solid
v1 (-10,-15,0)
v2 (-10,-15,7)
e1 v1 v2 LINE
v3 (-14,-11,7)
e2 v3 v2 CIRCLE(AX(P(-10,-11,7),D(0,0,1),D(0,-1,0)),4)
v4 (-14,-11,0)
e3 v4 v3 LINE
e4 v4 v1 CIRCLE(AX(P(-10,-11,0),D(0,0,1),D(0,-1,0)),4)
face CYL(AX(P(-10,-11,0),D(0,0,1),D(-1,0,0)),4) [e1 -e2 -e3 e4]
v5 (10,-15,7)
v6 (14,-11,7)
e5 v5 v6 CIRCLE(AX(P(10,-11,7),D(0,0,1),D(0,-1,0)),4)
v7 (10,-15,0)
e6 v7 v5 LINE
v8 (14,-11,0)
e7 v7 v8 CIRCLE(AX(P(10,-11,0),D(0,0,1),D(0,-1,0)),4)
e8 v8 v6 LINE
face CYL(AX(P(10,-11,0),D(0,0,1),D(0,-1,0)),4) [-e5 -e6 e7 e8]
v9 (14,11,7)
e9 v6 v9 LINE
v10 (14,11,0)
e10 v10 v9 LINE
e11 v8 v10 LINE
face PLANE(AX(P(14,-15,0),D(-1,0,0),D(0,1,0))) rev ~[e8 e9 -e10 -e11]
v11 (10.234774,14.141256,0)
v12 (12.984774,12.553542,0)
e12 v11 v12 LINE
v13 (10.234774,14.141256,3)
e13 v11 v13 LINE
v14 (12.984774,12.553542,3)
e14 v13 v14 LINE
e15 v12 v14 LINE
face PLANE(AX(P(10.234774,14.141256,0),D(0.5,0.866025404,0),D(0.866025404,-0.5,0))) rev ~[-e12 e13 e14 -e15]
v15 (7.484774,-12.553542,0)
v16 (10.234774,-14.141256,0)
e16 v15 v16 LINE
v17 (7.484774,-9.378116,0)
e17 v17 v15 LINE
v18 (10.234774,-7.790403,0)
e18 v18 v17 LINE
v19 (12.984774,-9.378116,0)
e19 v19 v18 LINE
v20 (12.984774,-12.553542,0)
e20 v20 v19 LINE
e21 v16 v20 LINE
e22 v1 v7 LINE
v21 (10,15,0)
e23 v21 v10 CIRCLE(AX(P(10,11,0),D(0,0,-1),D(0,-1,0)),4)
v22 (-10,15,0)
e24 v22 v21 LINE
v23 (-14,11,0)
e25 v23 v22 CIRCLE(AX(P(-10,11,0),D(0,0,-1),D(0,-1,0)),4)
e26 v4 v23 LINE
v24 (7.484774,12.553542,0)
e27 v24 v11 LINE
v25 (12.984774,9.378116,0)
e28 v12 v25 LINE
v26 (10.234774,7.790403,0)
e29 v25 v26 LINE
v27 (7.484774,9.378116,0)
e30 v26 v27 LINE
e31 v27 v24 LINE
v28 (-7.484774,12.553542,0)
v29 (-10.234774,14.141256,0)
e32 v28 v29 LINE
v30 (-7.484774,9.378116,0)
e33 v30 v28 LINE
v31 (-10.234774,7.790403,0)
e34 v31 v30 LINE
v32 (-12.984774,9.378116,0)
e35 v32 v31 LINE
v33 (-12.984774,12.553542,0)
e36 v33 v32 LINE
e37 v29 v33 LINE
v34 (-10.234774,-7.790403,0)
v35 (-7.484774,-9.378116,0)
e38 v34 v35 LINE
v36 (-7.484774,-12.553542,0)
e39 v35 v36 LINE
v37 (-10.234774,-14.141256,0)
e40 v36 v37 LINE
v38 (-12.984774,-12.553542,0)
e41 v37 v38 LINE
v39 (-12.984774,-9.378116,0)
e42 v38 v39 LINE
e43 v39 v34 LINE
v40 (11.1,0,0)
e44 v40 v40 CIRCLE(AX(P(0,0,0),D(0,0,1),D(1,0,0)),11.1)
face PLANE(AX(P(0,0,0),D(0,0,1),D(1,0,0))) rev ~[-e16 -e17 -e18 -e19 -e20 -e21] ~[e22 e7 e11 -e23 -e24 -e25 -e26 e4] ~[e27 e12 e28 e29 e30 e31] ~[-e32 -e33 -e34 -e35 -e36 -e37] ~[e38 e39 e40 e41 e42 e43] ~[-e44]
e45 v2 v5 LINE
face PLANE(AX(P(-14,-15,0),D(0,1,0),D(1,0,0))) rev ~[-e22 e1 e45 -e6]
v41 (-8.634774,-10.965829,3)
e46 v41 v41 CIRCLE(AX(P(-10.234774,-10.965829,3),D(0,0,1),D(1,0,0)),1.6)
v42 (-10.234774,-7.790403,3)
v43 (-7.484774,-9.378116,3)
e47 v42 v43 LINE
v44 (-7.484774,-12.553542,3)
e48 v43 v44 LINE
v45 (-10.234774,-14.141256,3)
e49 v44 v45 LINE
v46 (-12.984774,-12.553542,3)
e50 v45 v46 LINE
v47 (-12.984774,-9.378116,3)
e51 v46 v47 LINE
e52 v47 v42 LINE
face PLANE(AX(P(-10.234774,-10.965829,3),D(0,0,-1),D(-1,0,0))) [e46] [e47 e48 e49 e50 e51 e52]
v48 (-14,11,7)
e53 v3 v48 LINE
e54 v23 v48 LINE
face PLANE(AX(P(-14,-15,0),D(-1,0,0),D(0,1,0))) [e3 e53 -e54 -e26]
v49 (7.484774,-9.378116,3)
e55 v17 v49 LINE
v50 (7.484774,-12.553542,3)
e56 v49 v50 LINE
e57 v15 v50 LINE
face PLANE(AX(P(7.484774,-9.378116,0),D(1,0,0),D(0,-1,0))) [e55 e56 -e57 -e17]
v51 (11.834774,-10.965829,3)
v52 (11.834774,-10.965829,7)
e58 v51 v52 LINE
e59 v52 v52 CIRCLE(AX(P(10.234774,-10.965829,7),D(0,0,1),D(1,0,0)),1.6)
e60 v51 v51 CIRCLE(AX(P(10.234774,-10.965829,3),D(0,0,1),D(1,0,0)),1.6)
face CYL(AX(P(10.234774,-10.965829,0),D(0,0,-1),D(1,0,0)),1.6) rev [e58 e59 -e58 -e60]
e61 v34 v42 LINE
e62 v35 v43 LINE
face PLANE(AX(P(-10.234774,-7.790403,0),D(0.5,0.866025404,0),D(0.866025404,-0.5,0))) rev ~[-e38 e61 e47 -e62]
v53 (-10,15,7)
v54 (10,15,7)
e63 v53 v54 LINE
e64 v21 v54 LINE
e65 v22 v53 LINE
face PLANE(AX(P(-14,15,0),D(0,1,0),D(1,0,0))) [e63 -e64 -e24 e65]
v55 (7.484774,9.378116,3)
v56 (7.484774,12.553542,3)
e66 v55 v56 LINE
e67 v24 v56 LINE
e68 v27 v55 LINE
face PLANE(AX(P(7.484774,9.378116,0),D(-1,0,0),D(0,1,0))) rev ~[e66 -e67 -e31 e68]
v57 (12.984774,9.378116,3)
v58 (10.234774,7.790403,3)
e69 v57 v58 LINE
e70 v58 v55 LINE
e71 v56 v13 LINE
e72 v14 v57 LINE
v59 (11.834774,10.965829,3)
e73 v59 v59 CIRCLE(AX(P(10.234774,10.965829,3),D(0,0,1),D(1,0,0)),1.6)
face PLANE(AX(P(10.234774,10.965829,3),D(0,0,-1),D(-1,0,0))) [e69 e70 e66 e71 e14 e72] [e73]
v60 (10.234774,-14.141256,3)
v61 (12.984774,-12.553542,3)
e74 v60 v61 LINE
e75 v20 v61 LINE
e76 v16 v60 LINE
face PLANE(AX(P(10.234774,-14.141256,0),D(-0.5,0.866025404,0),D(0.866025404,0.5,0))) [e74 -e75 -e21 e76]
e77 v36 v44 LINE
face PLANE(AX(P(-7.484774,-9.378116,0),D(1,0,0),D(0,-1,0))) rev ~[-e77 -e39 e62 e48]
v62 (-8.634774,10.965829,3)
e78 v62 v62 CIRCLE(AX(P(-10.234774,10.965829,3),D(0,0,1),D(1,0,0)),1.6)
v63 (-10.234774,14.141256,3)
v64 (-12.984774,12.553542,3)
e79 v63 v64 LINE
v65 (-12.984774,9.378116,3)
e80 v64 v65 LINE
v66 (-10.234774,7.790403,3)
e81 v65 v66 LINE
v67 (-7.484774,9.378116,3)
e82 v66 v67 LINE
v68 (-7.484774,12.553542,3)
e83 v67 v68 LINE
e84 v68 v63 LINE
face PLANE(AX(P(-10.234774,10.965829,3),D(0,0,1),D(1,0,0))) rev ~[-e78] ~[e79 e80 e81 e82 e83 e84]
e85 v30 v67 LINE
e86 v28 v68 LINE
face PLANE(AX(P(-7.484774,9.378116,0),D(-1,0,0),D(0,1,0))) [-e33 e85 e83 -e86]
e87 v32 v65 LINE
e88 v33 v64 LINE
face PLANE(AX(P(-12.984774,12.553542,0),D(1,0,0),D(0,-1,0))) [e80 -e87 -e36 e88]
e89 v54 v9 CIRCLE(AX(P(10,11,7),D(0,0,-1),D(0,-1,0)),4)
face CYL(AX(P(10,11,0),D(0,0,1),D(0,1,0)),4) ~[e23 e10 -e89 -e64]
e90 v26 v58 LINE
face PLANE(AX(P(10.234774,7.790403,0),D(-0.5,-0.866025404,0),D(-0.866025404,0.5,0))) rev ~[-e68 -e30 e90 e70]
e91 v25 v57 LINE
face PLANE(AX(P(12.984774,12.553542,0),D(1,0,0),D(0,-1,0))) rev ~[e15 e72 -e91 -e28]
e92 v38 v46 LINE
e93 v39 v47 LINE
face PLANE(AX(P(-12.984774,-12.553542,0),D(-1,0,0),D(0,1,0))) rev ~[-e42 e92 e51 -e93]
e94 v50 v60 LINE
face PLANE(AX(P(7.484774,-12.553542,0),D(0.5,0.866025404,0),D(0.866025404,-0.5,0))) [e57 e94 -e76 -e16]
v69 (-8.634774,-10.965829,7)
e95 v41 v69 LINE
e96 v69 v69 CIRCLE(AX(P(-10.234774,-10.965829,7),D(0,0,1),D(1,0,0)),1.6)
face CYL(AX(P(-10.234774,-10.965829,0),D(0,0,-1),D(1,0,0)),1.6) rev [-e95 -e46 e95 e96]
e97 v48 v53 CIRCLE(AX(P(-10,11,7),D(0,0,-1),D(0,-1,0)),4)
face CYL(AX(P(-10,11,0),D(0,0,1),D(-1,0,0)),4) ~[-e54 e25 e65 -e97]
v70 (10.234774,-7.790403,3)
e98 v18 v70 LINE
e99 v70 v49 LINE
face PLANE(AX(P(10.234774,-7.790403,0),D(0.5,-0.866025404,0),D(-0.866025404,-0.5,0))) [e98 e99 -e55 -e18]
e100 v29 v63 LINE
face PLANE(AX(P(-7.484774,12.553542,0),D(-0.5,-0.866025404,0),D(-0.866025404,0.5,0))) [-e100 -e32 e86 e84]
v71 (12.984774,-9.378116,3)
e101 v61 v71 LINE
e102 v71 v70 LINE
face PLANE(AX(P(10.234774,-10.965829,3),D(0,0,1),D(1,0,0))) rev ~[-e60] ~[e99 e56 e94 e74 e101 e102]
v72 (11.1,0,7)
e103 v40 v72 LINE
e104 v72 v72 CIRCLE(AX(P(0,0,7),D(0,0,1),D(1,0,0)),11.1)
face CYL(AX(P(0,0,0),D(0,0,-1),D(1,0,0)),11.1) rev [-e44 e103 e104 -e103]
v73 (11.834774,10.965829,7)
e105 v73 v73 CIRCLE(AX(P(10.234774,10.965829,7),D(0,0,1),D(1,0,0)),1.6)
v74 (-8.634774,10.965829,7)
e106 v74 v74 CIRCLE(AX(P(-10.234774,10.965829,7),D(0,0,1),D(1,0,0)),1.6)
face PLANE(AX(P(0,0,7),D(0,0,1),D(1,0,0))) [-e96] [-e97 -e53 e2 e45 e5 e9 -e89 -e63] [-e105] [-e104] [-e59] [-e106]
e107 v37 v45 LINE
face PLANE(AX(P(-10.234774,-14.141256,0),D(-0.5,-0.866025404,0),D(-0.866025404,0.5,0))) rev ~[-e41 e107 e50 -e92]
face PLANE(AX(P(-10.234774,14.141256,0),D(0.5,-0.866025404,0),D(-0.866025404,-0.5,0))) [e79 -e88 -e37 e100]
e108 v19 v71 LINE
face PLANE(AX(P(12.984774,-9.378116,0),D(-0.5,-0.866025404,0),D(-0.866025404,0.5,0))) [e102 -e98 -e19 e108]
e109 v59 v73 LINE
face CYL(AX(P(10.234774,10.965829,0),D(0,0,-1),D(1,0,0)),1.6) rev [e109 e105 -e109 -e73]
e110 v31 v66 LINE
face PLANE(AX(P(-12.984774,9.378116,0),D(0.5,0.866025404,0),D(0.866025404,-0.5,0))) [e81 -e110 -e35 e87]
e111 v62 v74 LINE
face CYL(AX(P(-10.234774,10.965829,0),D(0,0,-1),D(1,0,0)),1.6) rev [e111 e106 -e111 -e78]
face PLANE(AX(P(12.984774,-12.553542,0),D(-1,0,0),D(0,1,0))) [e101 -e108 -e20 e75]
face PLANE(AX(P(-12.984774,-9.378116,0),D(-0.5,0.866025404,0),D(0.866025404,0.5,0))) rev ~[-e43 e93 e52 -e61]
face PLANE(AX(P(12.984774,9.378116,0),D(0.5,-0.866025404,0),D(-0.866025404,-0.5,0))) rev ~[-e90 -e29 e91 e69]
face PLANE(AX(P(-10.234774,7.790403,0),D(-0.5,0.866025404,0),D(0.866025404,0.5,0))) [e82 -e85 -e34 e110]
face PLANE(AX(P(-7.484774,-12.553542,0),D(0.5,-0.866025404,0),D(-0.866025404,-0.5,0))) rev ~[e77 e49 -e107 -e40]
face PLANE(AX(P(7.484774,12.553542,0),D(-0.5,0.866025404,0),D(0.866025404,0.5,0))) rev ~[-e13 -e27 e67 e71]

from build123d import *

# Parameters (mm, degrees)
SKETCH1_W           = 28
SKETCH1_H           = 30
SKETCH1_R           = 11.1
SKETCH1_R_2         = 1.6
BOSS_EXTRUDE1_DEPTH = 7
SKETCH1_4_R         = 1.6
CUT_EXTRUDE3_DEPTH  = 3
FILLET5_R           = 4


with BuildPart() as part:
    # Sketch1 → Boss-Extrude1 (new body)
    with BuildSketch(Plane.XY):
        Rectangle(SKETCH1_W, SKETCH1_H)
        Circle(SKETCH1_R, mode=Mode.SUBTRACT)
        with Locations((-10.234773755, -10.965829024)):
            Circle(SKETCH1_R_2, mode=Mode.SUBTRACT)
        with Locations((10.234773755, -10.965829024)):
            Circle(SKETCH1_R_2, mode=Mode.SUBTRACT)
        with Locations((-10.234773755, 10.965829024)):
            Circle(SKETCH1_R_2, mode=Mode.SUBTRACT)
        with Locations((10.234773755, 10.965829024)):
            Circle(SKETCH1_R_2, mode=Mode.SUBTRACT)
    extrude(amount=BOSS_EXTRUDE1_DEPTH)

    # Sketch1<4> → Cut-Extrude3 (cut)
    # profile 1 of 4: a face of its own
    with BuildSketch(Plane.XY):
        Polygon((-12.984773755, 9.378115783), (-10.234773755, 7.790402543), (-7.484773755, 9.378115783), (-7.484773755, 12.553542264), (-10.234773755, 14.141255504), (-12.984773755, 12.553542264), align=None)
        with Locations((-10.234773755, 10.965829024)):
            Circle(SKETCH1_4_R, mode=Mode.SUBTRACT)
    # profile 2 of 4: a face of its own
    with BuildSketch(Plane.XY):
        Polygon((10.234773755, 7.790402543), (12.984773755, 9.378115783), (12.984773755, 12.553542264), (10.234773755, 14.141255504), (7.484773755, 12.553542264), (7.484773755, 9.378115783), align=None)
        with Locations((10.234773755, 10.965829024)):
            Circle(SKETCH1_4_R, mode=Mode.SUBTRACT)
    # profile 3 of 4: a face of its own
    with BuildSketch(Plane.XY):
        Polygon((-7.484773755, -9.378115783), (-10.234773755, -7.790402543), (-12.984773755, -9.378115783), (-12.984773755, -12.553542264), (-10.234773755, -14.141255504), (-7.484773755, -12.553542264), align=None)
        with Locations((-10.234773755, -10.965829024)):
            Circle(SKETCH1_4_R, mode=Mode.SUBTRACT)
    # profile 4 of 4: a face of its own
    with BuildSketch(Plane.XY):
        Polygon((12.984773755, -12.553542264), (12.984773755, -9.378115783), (10.234773755, -7.790402543), (7.484773755, -9.378115783), (7.484773755, -12.553542264), (10.234773755, -14.141255504), align=None)
        with Locations((10.234773755, -10.965829024)):
            Circle(SKETCH1_4_R, mode=Mode.SUBTRACT)
    extrude(amount=CUT_EXTRUDE3_DEPTH, mode=Mode.SUBTRACT)

    # Fillet5
    fillet5_edges = [part.edges().sort_by_distance(p)[0] for p in [
        (-14, 15, 3.5),
        (-14, -15, 3.5),
        (14, 15, 3.5),
        (14, -15, 3.5),
    ]]
    fillet(fillet5_edges, radius=FILLET5_R)


solid = part.part
